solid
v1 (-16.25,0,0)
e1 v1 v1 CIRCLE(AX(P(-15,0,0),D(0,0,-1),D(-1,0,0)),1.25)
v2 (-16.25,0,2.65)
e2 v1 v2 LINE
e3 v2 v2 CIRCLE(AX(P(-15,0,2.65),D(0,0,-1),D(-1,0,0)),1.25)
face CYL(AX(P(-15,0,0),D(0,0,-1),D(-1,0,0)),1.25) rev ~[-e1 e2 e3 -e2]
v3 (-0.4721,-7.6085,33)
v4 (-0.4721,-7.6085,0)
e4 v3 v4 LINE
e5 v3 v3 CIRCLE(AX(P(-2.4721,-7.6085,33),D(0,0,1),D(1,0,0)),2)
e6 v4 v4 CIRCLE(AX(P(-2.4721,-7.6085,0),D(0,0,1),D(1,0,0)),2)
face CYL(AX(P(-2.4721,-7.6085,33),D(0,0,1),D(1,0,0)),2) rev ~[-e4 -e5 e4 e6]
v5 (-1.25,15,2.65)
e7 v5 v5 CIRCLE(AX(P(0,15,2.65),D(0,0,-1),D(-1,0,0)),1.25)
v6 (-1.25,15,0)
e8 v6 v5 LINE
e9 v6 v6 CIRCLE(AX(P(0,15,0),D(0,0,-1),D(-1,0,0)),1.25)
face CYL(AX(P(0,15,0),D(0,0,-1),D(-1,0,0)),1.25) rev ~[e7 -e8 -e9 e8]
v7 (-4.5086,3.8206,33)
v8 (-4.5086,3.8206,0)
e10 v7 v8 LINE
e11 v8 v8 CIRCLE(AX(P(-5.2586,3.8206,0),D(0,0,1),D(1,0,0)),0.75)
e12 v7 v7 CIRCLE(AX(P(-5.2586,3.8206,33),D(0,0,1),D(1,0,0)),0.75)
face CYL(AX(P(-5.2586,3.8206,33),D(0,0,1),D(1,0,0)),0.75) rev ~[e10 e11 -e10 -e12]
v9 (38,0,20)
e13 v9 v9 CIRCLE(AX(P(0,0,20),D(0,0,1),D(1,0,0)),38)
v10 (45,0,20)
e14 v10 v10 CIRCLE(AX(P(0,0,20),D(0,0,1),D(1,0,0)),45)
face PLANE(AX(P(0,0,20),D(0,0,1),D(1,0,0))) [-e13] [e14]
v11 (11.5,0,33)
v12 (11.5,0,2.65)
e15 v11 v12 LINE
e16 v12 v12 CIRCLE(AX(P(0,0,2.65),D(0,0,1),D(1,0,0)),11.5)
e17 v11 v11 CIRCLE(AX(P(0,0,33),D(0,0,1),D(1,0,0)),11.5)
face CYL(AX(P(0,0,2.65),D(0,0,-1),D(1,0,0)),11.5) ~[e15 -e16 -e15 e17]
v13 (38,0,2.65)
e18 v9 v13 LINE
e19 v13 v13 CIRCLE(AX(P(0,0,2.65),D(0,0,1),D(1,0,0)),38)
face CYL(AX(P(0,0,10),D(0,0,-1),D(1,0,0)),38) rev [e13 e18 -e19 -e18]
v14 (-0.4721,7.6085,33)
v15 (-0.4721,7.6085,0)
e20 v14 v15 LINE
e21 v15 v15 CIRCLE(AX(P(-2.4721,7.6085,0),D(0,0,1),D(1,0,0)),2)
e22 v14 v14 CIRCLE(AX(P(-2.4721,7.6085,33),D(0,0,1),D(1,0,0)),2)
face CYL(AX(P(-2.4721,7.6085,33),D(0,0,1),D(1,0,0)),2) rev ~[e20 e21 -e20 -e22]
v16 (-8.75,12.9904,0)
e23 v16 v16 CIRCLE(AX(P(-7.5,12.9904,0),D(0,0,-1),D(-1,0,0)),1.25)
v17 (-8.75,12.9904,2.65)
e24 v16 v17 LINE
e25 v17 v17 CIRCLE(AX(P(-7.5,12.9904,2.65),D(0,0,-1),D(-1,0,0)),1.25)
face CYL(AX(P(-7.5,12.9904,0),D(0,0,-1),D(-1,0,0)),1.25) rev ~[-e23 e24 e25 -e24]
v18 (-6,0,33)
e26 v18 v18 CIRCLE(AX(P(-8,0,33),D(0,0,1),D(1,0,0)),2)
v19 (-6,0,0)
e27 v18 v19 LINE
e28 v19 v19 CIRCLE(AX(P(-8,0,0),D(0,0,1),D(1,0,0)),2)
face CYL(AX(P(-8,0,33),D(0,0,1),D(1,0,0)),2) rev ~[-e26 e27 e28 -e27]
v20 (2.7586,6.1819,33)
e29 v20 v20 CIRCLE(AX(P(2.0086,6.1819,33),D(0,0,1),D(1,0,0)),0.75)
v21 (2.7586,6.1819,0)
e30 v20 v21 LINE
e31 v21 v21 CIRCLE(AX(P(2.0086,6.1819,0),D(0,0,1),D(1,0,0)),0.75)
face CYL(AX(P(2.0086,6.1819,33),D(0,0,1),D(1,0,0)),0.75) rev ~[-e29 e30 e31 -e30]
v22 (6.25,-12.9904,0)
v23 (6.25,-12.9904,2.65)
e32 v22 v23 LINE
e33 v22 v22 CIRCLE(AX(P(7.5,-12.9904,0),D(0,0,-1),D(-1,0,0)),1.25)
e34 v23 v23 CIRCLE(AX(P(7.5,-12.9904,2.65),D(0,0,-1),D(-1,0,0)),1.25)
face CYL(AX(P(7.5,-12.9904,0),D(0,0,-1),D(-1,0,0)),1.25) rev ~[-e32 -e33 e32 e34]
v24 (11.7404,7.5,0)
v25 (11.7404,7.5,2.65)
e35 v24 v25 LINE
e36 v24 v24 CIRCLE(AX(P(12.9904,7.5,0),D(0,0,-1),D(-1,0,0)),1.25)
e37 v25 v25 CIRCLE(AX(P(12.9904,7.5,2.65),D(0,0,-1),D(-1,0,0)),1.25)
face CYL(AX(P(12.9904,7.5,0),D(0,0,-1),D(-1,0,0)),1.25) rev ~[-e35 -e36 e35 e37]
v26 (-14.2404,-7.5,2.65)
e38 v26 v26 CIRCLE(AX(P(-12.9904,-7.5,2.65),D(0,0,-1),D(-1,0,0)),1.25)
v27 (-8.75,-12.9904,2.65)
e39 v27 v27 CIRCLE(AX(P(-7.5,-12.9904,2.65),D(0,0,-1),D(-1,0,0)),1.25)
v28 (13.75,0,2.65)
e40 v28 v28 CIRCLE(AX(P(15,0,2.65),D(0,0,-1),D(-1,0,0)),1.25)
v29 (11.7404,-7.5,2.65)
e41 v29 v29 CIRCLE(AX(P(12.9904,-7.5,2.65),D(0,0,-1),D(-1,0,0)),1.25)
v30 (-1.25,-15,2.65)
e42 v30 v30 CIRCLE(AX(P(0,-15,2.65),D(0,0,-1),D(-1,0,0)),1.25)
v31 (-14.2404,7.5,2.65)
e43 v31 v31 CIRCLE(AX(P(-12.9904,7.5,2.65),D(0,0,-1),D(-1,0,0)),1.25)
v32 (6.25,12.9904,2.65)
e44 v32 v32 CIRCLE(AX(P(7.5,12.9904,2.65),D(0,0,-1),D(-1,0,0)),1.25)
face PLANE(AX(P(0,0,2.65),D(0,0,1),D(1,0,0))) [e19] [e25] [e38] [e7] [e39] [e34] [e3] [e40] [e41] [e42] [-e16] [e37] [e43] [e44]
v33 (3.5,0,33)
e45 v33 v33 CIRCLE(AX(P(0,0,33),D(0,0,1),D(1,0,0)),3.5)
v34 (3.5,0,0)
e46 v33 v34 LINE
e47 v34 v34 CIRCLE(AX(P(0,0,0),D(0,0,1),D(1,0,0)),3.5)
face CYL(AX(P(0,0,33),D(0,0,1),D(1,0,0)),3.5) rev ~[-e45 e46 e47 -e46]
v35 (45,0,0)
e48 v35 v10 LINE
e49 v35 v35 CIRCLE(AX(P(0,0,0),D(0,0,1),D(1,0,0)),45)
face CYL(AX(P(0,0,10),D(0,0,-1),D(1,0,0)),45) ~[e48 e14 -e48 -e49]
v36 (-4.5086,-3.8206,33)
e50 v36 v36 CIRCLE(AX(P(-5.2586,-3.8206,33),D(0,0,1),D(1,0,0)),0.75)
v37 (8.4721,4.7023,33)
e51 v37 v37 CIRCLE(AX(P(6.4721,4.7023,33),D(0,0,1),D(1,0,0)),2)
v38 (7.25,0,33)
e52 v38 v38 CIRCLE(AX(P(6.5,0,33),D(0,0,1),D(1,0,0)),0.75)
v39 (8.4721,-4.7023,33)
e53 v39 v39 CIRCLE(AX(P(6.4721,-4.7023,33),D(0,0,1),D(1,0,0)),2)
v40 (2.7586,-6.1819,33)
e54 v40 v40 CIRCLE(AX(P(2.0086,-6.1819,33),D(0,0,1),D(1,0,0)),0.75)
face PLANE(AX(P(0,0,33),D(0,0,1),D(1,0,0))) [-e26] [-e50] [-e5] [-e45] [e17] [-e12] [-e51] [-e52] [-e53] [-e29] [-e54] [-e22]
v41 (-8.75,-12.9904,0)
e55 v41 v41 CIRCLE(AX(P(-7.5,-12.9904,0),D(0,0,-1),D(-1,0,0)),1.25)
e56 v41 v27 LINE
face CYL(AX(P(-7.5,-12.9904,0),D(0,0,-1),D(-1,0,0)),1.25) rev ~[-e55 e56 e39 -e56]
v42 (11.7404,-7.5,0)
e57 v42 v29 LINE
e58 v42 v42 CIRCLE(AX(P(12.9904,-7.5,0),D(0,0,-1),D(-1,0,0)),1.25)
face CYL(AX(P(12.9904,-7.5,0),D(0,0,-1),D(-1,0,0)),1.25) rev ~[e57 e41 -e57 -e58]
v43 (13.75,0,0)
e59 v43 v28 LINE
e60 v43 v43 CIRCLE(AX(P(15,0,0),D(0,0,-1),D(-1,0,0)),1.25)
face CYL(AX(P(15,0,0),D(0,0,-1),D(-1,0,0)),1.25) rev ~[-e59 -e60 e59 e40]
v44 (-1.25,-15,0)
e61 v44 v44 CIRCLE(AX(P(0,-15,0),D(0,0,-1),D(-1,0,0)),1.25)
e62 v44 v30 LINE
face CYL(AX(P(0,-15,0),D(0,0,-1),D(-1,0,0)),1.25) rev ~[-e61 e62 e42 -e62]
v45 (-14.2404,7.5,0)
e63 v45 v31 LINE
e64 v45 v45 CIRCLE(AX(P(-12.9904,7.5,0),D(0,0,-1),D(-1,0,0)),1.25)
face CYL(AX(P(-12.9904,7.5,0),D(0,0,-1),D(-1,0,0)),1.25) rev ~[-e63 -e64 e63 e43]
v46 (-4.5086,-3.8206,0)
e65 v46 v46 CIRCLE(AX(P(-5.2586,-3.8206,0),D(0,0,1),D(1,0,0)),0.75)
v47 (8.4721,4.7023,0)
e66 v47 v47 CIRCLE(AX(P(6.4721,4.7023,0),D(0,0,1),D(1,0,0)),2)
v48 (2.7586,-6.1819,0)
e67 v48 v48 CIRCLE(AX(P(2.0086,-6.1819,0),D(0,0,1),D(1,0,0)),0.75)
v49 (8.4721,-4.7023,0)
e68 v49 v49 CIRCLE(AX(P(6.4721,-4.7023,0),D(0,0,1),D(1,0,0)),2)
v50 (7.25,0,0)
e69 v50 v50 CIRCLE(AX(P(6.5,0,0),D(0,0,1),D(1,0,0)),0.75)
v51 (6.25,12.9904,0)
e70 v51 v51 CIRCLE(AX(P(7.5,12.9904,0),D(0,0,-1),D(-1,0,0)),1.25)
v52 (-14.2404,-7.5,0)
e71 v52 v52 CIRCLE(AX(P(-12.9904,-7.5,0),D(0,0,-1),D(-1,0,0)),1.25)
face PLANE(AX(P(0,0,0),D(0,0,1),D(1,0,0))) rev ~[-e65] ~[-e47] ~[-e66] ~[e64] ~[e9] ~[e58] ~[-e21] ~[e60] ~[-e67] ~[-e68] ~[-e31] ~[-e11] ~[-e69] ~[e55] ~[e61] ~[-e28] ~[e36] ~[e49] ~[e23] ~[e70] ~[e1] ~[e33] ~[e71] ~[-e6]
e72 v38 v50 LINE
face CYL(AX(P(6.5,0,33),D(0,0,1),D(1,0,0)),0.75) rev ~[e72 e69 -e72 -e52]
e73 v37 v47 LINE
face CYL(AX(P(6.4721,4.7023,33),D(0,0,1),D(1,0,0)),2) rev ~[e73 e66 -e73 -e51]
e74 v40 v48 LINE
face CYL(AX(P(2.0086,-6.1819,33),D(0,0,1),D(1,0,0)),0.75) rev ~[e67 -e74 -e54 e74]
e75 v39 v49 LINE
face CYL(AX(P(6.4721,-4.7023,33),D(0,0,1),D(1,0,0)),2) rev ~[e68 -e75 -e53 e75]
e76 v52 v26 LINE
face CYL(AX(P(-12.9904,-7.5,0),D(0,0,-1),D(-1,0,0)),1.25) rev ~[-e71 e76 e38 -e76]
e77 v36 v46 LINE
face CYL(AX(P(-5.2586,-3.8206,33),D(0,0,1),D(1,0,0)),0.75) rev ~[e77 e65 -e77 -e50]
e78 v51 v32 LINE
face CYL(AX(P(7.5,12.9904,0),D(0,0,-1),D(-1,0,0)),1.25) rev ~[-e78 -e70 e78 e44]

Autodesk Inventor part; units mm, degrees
ref_plane "YZ Plane" through (0, 0, 0) normal (1, 0, 0) x (0, 1, 0)
ref_plane "XZ Plane" through (0, 0, 0) normal (0, 1, 0) x (-1, 0, 0)
ref_plane "XY Plane" through (0, 0, 0) normal (0, 0, 1) x (1, 0, 0)
sketch "Sketch2" plane through (0, 0, 0) normal (0, 0, 1) x (1, 0, 0)
  circle A0 centre (0, 0) radius 45
  dimension "d0" = 90
extrude "Extrusion1" add sketch "Sketch2" along normal blind 10
sketch "Sketch4" plane through (0, 0, 10) normal (0, 0, 1) x (1, 0, 0)
  circle A0 centre (0, 0) radius 11.5
  dimension "d14" = 23
extrude "Extrusion3" add sketch "Sketch4" along normal blind 23
sketch "Sketch5" plane through (0, 0, 33) normal (0, 0, 1) x (1, 0, 0)
  circle A0 centre (-8, 0) radius 2
  circle A1 centre (0, 0) radius 3.5
  circle A2 centre (0, 0) radius 11.5 construction
  circle A3 centre (-2.4721, -7.6085) radius 2
  circle A4 centre (6.4721, -4.7023) radius 2
  circle A5 centre (6.4721, 4.7023) radius 2
  circle A6 centre (-2.4721, 7.6085) radius 2
  dimension "d19" = 4
  dimension "d20" = 8
  dimension "d21" = 360
  dimension "d22" = 7
extrude "Extrusion4" cut sketch "Sketch5" against normal through all
sketch "Sketch8" plane through (0, 0, 33) normal (0, 0, 1) x (1, 0, 0)
  circle A0 centre (2.0086, 6.1819) radius 0.75
  circle A1 centre (-5.2586, 3.8206) radius 0.75
  circle A2 centre (-5.2586, -3.8206) radius 0.75
  circle A3 centre (2.0086, -6.1819) radius 0.75
  circle A4 centre (6.5, 0) radius 0.75
  circle A5 centre (-2.4721, 7.6085) radius 2 construction
  circle A6 centre (6.4721, 4.7023) radius 2 construction
  circle A7 centre (-2.4721, 7.6085) radius 2 projected
  line L0 (6.4721, 4.7023) -> (-2.4721, 7.6085) construction
  line L1 (0, 0) -> (2.0086, 6.1819) construction
  point P0 (2, 6.1554)
  dimension "d44" = 1.5
  dimension "d45" = 6.5
  dimension "d48" = 360
extrude "Extrusion7" cut sketch "Sketch8" against normal through all contours A0 | A1 | A2 | A3 | A4
sketch "Sketch9" plane through (0, 0, 10) normal (0, 0, 1) x (1, 0, 0)
  circle A0 centre (0, 0) radius 22
  circle A1 centre (0, 0) radius 38
  dimension "d52" = 44
  dimension "d53" = 76
extrude "Extrusion8" cut sketch "Sketch9" against normal blind 7.35
sketch "Sketch10" plane through (0, 0, 0) normal (0, 0, -1) x (-1, 0, 0)
  circle A0 centre (0, 0) radius 22 construction
  circle A1 centre (0, 0) radius 38 construction
  circle A2 centre (0, 0) radius 22 construction
  circle A3 centre (0, 0) radius 38 construction
  circle A4 centre (15, 0) radius 1.25
  circle A5 centre (12.9904, 7.5) radius 1.25
  circle A6 centre (7.5, 12.9904) radius 1.25
  circle A7 centre (0, 15) radius 1.25
  circle A8 centre (-7.5, 12.9904) radius 1.25
  circle A9 centre (-12.9904, 7.5) radius 1.25
  circle A10 centre (-15, 0) radius 1.25
  circle A11 centre (-12.9904, -7.5) radius 1.25
  circle A12 centre (-7.5, -12.9904) radius 1.25
  circle A13 centre (0, -15) radius 1.25
  circle A14 centre (7.5, -12.9904) radius 1.25
  circle A15 centre (12.9904, -7.5) radius 1.25
  dimension "d56" = 2.5
  dimension "d59" = 360
  dimension "d66" = 15
extrude "Extrusion9" cut sketch "Sketch10" against normal through all
sketch "Sketch13" plane through (0, 0, 10) normal (0, 0, 1) x (1, 0, 0)
  circle A0 centre (0, 0) radius 45 projected
  circle A1 centre (0, 0) radius 38 projected
extrude "Extrusion10" add sketch "Sketch13" along normal blind 10
sketch "Sketch14" plane through (0, 0, 2.65) normal (0, 0, 1) x (1, 0, 0)
  circle A0 centre (0, 0) radius 22 projected
  circle A1 centre (0, 0) radius 11.5 projected
extrude "Extrusion11" cut sketch "Sketch14" along normal up to surface (7.35 mm away) from surface at 0
properties part number "SG02" material "ABS Plastic"
